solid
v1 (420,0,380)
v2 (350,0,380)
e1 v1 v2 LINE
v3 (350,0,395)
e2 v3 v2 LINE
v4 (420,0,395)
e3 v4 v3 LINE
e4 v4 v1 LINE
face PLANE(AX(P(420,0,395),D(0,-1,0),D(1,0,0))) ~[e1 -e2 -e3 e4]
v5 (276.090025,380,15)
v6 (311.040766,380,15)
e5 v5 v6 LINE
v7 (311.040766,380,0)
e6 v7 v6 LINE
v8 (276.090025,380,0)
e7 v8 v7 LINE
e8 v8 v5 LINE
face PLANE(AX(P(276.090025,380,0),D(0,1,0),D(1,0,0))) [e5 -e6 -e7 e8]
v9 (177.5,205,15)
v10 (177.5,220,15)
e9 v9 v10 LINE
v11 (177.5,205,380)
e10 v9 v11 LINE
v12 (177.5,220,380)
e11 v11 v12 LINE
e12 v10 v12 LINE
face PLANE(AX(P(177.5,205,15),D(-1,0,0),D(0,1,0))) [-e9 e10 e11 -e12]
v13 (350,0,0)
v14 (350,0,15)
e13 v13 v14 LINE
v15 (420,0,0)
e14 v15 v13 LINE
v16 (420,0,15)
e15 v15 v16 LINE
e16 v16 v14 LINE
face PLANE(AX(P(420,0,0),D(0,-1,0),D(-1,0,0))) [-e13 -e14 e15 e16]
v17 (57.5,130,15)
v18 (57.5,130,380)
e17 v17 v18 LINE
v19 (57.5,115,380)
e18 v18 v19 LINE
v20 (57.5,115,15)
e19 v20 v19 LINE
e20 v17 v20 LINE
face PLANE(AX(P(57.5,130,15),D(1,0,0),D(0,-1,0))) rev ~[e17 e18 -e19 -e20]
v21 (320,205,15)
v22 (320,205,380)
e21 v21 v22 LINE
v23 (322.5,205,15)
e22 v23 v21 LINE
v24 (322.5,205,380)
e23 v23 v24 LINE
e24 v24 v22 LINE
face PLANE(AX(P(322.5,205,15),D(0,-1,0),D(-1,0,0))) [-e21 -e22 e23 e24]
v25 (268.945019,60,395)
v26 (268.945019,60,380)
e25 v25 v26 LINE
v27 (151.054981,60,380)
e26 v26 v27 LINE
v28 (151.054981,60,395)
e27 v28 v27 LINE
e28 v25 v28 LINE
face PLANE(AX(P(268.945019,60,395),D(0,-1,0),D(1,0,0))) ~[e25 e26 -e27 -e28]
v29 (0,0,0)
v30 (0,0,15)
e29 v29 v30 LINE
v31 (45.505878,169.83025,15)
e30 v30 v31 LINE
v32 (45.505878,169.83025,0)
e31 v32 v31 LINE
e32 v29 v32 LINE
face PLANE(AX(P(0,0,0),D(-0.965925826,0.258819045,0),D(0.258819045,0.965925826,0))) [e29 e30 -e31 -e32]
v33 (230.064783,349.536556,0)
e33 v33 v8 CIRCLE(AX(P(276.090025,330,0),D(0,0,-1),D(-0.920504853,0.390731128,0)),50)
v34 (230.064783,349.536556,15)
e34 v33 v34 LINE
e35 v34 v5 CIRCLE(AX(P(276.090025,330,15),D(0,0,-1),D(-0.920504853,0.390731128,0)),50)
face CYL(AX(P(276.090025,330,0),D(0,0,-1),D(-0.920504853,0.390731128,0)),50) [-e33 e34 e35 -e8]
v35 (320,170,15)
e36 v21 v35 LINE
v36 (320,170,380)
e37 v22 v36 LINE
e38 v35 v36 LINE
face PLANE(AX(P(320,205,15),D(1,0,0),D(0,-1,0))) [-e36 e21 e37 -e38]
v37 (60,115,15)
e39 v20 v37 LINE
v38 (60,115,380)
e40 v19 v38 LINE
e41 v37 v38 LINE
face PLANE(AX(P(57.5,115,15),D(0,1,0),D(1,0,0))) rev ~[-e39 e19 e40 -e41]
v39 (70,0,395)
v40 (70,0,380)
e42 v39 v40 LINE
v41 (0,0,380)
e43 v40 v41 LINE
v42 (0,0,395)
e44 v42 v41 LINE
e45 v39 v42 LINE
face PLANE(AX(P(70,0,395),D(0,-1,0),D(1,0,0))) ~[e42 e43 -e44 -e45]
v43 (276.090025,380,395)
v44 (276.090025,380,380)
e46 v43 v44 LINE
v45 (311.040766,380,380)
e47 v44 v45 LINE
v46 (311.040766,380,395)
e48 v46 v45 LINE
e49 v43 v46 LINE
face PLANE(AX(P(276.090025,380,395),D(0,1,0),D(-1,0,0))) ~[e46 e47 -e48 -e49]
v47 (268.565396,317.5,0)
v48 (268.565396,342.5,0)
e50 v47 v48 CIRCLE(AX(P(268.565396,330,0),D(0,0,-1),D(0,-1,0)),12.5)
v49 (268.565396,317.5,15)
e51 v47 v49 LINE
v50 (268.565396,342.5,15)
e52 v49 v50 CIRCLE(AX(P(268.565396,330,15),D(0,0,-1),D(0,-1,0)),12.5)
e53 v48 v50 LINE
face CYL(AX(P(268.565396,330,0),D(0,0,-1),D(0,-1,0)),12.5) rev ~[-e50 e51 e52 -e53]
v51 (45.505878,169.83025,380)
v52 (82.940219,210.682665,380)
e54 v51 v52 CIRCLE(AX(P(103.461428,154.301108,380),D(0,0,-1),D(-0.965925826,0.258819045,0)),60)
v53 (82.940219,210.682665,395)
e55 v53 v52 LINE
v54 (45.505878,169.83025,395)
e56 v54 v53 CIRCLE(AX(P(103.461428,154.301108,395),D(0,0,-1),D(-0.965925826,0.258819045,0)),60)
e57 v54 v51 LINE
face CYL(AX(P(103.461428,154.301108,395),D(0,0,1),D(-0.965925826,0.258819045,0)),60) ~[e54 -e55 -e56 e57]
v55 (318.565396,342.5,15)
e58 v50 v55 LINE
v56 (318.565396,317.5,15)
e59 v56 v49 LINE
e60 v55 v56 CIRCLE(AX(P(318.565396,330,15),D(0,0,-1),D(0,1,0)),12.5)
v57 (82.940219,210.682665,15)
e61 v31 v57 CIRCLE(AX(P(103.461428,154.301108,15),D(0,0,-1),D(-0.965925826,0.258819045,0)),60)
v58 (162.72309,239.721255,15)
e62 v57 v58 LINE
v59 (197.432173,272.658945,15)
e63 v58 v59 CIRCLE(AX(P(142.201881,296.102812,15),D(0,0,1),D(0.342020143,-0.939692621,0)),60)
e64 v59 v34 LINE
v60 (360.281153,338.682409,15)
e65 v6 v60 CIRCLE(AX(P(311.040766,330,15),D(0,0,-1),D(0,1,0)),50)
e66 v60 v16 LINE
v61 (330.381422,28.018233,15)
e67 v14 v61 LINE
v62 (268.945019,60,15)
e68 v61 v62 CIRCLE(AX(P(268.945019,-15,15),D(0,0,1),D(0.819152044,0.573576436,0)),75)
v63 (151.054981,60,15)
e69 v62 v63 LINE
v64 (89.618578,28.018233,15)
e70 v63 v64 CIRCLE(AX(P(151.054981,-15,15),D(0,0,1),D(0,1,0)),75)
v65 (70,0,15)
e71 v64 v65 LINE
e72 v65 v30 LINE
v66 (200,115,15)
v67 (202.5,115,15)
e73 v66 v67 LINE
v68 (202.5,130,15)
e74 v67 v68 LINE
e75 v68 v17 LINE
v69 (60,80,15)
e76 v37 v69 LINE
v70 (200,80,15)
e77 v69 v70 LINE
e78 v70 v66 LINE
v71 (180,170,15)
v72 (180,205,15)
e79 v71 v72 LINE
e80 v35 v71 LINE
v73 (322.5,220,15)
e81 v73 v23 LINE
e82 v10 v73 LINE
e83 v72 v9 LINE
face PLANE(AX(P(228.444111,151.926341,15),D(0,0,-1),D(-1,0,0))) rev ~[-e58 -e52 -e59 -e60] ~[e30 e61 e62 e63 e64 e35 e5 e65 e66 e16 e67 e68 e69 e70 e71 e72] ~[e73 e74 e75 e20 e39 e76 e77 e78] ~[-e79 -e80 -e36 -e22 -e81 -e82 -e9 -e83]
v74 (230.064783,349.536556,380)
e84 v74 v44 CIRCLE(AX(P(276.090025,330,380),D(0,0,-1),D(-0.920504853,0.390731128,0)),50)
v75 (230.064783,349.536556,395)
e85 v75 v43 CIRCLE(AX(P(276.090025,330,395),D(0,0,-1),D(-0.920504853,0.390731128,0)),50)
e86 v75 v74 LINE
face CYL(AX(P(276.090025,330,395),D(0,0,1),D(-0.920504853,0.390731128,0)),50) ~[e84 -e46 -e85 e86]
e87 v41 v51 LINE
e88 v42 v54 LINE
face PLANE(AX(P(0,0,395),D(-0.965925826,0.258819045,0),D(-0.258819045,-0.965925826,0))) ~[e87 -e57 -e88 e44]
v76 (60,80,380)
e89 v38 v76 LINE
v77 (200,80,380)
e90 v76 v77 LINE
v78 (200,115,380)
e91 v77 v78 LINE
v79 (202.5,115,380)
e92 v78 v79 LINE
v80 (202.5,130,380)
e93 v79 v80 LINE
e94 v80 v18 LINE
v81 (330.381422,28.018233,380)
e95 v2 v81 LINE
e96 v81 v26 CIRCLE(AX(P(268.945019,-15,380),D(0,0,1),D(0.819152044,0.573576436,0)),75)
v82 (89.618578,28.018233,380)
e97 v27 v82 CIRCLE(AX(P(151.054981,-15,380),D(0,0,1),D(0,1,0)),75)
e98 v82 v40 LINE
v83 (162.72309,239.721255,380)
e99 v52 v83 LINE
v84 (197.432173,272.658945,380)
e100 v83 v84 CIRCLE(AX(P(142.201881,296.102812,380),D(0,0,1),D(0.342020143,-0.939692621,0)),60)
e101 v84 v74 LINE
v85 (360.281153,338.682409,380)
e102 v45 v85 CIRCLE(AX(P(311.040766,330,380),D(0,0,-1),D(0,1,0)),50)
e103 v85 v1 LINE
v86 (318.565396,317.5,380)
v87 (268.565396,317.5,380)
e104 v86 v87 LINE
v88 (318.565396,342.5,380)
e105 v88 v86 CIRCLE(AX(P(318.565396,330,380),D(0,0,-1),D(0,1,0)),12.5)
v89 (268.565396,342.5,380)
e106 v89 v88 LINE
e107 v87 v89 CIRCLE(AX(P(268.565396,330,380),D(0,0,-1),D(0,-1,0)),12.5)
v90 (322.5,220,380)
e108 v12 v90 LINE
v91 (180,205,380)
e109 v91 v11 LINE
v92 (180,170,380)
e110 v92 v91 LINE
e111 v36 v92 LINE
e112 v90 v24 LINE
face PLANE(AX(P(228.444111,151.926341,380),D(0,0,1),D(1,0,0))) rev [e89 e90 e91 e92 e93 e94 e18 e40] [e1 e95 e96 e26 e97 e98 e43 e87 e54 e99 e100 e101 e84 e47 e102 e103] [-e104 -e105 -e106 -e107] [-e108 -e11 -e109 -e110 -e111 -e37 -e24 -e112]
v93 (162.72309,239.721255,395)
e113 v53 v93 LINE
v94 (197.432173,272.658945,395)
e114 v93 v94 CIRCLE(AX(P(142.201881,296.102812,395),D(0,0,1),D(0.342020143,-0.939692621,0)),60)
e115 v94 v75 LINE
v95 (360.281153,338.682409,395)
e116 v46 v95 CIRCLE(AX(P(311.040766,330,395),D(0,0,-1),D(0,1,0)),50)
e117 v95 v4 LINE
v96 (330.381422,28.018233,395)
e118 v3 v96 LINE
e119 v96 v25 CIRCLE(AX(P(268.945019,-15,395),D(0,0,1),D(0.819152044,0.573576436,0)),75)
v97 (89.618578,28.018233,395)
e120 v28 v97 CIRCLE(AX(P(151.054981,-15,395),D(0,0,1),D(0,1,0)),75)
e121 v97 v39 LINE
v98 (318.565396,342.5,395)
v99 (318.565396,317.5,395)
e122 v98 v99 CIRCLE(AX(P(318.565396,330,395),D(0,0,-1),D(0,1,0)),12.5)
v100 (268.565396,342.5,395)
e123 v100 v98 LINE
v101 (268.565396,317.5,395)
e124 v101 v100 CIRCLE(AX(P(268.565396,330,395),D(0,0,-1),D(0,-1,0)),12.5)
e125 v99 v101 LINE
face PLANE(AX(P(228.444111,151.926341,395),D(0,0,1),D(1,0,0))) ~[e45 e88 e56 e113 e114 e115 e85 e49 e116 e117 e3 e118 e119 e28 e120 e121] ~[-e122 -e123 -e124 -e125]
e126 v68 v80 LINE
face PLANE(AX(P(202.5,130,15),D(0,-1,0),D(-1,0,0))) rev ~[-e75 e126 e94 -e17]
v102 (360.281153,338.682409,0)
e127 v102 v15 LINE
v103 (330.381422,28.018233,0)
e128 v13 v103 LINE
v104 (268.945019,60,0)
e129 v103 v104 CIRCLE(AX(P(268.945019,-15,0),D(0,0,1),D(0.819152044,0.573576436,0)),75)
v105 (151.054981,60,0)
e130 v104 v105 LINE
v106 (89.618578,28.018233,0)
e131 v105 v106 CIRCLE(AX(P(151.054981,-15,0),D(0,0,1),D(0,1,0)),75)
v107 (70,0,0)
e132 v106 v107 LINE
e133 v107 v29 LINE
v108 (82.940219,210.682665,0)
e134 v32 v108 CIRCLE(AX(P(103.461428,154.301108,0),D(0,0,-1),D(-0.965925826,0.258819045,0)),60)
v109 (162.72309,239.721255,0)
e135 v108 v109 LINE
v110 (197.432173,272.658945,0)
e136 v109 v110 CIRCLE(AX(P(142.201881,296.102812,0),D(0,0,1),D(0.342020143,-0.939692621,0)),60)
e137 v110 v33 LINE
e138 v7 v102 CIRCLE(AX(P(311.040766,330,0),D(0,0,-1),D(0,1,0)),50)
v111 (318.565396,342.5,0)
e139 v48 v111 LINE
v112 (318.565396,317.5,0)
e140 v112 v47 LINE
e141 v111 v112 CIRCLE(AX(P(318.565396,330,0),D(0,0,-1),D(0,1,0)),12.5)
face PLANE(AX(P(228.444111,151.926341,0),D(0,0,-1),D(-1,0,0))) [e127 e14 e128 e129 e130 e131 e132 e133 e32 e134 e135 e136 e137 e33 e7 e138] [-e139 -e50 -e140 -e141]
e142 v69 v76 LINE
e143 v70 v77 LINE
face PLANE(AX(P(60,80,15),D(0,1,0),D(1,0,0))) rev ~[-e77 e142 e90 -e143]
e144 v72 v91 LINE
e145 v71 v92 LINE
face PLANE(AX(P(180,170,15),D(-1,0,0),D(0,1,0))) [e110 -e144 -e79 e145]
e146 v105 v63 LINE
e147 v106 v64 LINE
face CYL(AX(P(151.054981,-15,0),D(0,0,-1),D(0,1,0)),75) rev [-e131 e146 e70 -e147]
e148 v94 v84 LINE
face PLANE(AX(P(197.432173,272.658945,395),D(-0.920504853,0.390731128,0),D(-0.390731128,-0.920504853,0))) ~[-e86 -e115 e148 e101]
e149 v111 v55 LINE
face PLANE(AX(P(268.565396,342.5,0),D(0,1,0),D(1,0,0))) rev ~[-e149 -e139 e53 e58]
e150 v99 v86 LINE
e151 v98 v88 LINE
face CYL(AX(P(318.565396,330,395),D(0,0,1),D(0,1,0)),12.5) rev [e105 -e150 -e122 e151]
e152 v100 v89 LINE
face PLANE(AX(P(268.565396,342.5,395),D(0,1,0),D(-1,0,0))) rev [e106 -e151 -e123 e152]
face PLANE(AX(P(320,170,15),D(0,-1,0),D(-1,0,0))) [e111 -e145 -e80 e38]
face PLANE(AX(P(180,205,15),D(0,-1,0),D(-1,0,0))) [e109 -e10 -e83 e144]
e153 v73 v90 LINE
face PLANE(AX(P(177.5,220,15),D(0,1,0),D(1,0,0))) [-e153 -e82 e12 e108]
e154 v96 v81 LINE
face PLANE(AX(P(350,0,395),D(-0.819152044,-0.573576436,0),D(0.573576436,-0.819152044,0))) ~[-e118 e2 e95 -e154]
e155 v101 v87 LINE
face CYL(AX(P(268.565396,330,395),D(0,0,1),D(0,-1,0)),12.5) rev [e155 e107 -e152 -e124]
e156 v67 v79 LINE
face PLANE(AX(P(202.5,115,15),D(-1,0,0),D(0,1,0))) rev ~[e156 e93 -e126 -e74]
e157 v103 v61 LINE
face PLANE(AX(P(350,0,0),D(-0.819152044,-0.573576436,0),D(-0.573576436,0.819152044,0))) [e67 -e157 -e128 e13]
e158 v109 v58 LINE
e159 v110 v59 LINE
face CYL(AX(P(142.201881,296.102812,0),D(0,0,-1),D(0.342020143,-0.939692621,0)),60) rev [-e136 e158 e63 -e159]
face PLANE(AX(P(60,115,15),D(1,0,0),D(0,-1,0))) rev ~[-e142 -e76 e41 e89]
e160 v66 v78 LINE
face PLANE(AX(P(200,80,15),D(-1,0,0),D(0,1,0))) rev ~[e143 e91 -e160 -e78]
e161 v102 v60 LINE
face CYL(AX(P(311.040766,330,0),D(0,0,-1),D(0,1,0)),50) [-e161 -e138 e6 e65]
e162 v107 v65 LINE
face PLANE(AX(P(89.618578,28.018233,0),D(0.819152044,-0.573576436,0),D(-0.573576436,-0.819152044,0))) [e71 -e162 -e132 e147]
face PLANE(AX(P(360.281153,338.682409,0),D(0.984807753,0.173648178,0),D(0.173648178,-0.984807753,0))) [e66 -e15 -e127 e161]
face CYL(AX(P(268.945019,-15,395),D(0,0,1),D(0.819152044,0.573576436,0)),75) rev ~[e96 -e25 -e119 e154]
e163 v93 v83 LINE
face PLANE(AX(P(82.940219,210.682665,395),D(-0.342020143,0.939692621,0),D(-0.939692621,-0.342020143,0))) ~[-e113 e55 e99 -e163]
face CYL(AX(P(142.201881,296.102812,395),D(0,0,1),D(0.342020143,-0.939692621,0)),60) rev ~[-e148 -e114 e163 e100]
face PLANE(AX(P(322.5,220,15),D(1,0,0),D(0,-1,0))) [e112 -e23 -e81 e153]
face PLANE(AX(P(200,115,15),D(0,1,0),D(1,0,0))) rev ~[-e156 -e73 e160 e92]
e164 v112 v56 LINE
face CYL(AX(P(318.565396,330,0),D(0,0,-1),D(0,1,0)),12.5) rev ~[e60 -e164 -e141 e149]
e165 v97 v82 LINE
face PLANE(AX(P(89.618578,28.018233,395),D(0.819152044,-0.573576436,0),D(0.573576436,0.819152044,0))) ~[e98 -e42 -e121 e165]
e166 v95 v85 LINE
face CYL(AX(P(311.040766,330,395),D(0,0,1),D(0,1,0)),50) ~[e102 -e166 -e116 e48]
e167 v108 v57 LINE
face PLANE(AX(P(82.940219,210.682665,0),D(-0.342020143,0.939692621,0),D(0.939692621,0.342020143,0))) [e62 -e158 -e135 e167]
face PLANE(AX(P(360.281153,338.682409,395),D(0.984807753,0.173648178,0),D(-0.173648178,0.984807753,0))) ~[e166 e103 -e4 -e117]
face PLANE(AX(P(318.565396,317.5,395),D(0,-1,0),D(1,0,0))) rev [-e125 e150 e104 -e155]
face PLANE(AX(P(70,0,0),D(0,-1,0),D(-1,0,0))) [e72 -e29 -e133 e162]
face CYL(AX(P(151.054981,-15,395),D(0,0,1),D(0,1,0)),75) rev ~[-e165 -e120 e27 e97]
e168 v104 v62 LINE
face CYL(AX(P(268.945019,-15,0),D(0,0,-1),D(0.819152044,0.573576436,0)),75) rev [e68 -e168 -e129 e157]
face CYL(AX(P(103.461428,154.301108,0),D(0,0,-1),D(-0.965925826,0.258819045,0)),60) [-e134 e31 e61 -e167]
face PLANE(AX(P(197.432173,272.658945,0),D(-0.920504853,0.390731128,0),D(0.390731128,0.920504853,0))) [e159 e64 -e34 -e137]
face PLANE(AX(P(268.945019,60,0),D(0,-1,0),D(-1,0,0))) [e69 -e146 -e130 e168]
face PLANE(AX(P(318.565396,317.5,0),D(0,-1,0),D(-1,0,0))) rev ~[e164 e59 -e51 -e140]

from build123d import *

# Parameters (mm, degrees)
BOSS_EXTRUDE1_DEPTH = 15
BOSS_EXTRUDE2_DEPTH = 365


with BuildPart() as part:
    # Sketch1 → Boss-Extrude1 (new body)
    with BuildSketch(Plane.XY):
        with BuildLine():
            Line((0, 0), (45.50587847, 169.830250493))
            ThreePointArc((45.50587847, 169.830250493), (59.224787839, 194.836520244), (82.940219448, 210.682665034))
            Line((82.940219448, 210.682665034), (162.723089982, 239.721255113))
            ThreePointArc((162.723089982, 239.721255113), (183.503155924, 252.5803501), (197.43217259, 272.658944651))
            Line((197.43217259, 272.658944651), (230.064782718, 349.536556424))
            ThreePointArc((230.064782718, 349.536556424), (248.493176125, 371.694291103), (276.090025391, 380))
            Line((276.090025391, 380), (311.040765772, 380))
            ThreePointArc((311.040765772, 380), (343.180146256, 368.302222156), (360.281153423, 338.682408883))
            Line((360.281153423, 338.682408883), (420, 0))
            Line((420, 0), (350, 0))
            Line((350, 0), (330.381422238, 28.018232726))
            ThreePointArc((330.381422238, 28.018232726), (303.576164909, 51.525812488), (268.945018916, 60))
            Line((268.945018916, 60), (151.054981084, 60))
            ThreePointArc((151.054981084, 60), (116.423835091, 51.525812488), (89.618577762, 28.018232726))
            Line((89.618577762, 28.018232726), (70, 0))
            Line((70, 0), (0, 0))
        make_face()
        with BuildLine():
            Line((268.565395581, 342.5), (318.565395581, 342.5))
            ThreePointArc((318.565395581, 342.5), (331.065395581, 330), (318.565395581, 317.5))
            Line((318.565395581, 317.5), (268.565395581, 317.5))
            ThreePointArc((268.565395581, 317.5), (256.065395581, 330), (268.565395581, 342.5))
        make_face(mode=Mode.SUBTRACT)
    boss_extrude1 = extrude(amount=BOSS_EXTRUDE1_DEPTH)

    # Sketch3 → Boss-Extrude2 (add)
    with BuildSketch(Plane.XY.offset(15)):
        Polygon((200, 115), (202.5, 115), (202.5, 130), (57.5, 130), (57.5, 115), (60, 115), (60, 80), (200, 80), align=None)
        Polygon((177.5, 220), (322.5, 220), (322.5, 205), (320, 205), (320, 170), (180, 170), (180, 205), (177.5, 205), align=None)
    extrude(amount=BOSS_EXTRUDE2_DEPTH)

    # Mirror1: Boss-Extrude1 across plane
    add(boss_extrude1.mirror(Plane.XY.offset(197.5)))


solid = part.part
